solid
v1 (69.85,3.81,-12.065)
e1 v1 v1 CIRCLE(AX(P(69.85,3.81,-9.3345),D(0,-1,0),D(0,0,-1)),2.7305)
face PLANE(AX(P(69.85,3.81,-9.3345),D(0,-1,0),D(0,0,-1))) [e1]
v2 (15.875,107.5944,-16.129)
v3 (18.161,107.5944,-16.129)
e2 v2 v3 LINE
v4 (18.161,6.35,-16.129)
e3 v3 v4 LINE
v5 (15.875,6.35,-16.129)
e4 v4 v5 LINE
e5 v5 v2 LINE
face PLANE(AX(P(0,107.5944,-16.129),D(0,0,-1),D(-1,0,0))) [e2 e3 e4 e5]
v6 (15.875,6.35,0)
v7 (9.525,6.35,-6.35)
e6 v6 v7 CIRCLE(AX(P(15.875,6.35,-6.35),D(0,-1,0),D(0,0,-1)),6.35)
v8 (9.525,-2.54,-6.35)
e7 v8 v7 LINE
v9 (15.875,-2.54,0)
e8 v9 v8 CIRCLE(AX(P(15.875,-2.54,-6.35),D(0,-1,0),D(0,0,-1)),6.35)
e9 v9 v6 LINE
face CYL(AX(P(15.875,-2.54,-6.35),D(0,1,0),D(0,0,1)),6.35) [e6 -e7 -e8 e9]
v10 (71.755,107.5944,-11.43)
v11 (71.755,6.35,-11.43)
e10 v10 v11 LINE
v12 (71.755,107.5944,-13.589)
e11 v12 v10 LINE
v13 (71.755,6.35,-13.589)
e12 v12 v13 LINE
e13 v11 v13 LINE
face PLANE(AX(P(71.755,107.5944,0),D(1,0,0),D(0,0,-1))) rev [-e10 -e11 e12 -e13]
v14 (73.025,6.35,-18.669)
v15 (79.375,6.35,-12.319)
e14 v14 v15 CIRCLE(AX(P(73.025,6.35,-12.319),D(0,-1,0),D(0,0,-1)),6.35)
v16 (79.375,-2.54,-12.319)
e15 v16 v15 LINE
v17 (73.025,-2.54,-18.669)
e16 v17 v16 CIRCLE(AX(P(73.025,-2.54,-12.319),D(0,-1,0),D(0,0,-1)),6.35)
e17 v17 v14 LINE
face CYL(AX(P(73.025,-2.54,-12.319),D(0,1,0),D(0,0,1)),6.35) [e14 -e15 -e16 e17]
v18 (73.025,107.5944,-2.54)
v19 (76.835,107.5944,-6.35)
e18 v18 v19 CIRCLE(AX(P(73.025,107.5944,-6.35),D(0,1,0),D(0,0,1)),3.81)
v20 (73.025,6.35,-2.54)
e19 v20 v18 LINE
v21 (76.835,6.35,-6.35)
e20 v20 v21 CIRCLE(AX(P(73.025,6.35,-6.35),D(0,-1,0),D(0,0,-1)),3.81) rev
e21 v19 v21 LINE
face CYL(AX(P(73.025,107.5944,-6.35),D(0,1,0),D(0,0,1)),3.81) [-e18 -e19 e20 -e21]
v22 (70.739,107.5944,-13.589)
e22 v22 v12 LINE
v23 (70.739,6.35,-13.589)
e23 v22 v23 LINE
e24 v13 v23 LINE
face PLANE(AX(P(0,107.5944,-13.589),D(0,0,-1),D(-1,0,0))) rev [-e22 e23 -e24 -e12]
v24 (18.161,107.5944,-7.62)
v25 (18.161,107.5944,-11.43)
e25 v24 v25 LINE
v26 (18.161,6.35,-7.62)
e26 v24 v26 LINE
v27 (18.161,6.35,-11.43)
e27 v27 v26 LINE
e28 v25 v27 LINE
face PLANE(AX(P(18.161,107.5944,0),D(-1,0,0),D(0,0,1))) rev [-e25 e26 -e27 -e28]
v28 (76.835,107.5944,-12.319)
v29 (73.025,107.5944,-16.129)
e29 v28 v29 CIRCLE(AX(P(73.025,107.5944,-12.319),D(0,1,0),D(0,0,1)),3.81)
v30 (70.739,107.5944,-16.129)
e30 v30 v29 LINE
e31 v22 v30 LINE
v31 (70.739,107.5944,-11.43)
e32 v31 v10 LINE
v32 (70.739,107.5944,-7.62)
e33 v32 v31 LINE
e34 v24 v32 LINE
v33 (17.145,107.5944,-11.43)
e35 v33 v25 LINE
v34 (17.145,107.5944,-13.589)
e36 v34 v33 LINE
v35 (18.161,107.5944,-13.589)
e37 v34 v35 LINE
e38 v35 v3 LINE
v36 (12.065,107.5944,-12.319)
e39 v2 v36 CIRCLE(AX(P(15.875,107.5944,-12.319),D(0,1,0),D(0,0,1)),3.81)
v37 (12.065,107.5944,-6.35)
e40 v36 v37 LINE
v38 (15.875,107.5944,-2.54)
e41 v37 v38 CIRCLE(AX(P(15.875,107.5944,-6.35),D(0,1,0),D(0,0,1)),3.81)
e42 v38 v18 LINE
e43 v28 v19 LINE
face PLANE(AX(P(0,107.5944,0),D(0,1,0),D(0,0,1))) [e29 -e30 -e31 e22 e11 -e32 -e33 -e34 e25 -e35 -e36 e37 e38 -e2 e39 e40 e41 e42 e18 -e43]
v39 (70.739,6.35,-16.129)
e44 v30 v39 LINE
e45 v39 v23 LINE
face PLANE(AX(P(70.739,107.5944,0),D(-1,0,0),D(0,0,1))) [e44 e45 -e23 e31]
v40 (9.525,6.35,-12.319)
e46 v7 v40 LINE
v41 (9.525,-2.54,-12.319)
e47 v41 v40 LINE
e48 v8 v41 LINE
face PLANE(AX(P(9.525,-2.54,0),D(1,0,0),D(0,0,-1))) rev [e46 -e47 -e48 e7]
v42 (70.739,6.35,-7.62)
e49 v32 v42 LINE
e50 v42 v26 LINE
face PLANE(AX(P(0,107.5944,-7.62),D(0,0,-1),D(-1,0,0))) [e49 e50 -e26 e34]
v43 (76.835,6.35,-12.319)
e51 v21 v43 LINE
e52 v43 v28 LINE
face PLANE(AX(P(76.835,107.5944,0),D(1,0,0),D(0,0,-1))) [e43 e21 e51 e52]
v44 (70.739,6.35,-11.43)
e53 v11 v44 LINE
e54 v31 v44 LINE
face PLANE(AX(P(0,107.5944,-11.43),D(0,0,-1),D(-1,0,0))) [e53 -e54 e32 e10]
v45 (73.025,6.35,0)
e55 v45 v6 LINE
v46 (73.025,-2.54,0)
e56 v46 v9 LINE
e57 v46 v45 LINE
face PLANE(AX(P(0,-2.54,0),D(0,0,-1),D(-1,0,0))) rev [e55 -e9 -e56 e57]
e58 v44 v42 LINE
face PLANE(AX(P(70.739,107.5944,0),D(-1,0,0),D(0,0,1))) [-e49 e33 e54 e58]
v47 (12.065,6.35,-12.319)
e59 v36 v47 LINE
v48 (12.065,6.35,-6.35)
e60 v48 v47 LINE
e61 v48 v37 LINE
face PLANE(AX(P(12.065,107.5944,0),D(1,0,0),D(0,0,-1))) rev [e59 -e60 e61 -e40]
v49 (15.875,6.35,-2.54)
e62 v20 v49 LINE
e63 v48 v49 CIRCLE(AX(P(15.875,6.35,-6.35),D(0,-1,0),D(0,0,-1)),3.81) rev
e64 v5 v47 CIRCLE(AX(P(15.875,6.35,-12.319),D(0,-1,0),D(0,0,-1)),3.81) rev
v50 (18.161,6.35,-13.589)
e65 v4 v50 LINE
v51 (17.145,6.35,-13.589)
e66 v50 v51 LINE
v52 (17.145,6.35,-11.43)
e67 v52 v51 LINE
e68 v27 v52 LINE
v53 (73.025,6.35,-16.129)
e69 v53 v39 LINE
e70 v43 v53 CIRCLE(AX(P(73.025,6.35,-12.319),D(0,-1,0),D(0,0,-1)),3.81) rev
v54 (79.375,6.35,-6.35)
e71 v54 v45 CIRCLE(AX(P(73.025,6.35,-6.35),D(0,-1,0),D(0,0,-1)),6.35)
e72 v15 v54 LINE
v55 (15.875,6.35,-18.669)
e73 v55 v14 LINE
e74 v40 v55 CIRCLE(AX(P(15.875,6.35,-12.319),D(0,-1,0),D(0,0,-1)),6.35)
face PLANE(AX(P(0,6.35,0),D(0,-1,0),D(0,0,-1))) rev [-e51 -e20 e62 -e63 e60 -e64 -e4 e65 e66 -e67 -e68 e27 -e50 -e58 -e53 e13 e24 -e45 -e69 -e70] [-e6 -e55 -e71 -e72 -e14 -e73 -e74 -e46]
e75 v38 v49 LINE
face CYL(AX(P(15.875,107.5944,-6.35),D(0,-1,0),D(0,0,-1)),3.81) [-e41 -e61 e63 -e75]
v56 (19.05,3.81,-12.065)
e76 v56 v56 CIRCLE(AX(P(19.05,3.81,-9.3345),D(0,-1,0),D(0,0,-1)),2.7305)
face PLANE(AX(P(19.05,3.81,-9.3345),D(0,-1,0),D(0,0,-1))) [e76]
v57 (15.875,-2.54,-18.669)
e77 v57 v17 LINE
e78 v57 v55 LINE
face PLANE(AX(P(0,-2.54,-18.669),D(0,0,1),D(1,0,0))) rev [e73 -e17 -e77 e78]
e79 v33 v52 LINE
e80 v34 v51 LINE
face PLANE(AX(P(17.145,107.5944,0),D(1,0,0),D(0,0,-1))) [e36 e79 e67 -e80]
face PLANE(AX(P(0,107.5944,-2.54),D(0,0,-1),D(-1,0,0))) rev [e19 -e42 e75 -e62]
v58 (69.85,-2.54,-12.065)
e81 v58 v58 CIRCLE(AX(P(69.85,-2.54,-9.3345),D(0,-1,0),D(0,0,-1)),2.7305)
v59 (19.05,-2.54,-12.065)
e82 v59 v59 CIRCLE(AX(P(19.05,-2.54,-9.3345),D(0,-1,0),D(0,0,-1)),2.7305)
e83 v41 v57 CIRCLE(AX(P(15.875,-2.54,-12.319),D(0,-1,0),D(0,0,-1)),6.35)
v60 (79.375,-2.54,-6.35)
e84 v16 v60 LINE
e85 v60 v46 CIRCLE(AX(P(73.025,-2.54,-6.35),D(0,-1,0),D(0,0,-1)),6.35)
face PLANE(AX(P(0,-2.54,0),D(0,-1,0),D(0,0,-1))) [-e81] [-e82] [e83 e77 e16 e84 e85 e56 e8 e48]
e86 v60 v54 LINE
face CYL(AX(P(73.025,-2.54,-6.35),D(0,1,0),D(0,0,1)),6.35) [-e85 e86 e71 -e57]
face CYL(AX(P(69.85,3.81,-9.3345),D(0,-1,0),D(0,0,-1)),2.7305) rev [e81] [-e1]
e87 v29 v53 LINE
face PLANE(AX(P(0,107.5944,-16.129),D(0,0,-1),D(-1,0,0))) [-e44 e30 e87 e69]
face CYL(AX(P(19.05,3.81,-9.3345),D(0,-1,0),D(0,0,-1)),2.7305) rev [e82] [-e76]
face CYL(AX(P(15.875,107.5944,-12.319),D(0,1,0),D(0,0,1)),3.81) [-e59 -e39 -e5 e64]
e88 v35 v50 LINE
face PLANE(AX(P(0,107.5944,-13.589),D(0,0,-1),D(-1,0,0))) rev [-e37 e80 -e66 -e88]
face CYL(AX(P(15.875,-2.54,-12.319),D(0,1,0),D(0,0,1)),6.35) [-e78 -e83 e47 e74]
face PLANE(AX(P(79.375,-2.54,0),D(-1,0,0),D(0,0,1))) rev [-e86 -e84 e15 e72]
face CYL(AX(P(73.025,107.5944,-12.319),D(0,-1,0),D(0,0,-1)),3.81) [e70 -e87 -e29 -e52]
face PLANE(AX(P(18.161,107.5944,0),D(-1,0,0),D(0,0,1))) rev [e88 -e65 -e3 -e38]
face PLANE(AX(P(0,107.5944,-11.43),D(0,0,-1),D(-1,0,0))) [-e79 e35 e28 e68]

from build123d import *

# Parameters (mm, degrees)
SKETCH2_W               = 88.9
SKETCH2_H               = 152.4
BOSS_EXTRUDE1_DEPTH     = 5.9944
SKETCH4_R               = 2.7305
CUT_EXTRUDE2_DEPTH      = 1
CUT_EXTRUDE2_DEPTH_BACK = 6.9944
BOSS_EXTRUDE2_DEPTH     = 101.6
FILLET1_R               = 3.81
SKETCH7_W               = 2.54
SKETCH7_H               = 152.4
CUT_EXTRUDE3_DEPTH      = 102.6
CUT_EXTRUDE3_DEPTH_BACK = 6.9944
SKETCH11_W              = 86.36
SKETCH11_H              = 152.4
CUT_EXTRUDE4_DEPTH      = 6.35
BOSS_EXTRUDE3_DEPTH     = 8.89
SKETCH13_R              = 2.7305
CUT_EXTRUDE5_DEPTH      = 6.35


with BuildPart() as part:
    # Sketch2 → Boss-Extrude1 (new body)
    with BuildSketch(Plane(origin=(0, 0, 0), x_dir=(1, 0, 0), z_dir=(0, 1, 0))):
        with Locations((44.45, 76.2)):
            Rectangle(SKETCH2_W, SKETCH2_H)
    extrude(amount=BOSS_EXTRUDE1_DEPTH)

    # Sketch4 → Cut-Extrude2 (cut, two sides)
    with BuildSketch(Plane(origin=(0, 5.9944, 0), x_dir=(1, 0, 0), z_dir=(0, 1, 0))) as cut_extrude2_sk:
        with Locations((45.72, 109.871331367)):
            Circle(SKETCH4_R)
        with Locations((45.72, 33.671331367)):
            Circle(SKETCH4_R)
    extrude(amount=CUT_EXTRUDE2_DEPTH, mode=Mode.SUBTRACT)
    extrude(cut_extrude2_sk.sketch, amount=-CUT_EXTRUDE2_DEPTH_BACK, mode=Mode.SUBTRACT)

    # Sketch5 → Boss-Extrude2 (add)
    with BuildSketch(Plane(origin=(0, 5.9944, 0), x_dir=(1, 0, 0), z_dir=(0, 1, 0))):
        Polygon((18.161, 16.129), (12.065, 16.129), (12.065, 2.54), (76.835, 2.54), (76.835, 16.129), (70.739, 16.129), (70.739, 13.589), (71.755, 13.589), (71.755, 11.43), (70.739, 11.43), (70.739, 7.62), (18.161, 7.62), (18.161, 11.43), (17.145, 11.43), (17.145, 13.589), (18.161, 13.589), align=None)
    extrude(amount=BOSS_EXTRUDE2_DEPTH)

    # Fillet1
    fillet1_edges = [part.edges().sort_by_distance(p)[0] for p in [
        (12.065, 56.7944, -16.129),
        (12.065, 56.7944, -2.54),
        (76.835, 56.7944, -2.54),
        (76.835, 56.7944, -16.129),
    ]]
    fillet(fillet1_edges, radius=FILLET1_R)

    # Sketch7 → Cut-Extrude3 (cut, two sides)
    with BuildSketch(Plane(origin=(0, 5.9944, 0), x_dir=(1, 0, 0), z_dir=(0, 1, 0))) as cut_extrude3_sk:
        with Locations((1.27, 76.2)):
            Rectangle(SKETCH7_W, SKETCH7_H)
    extrude(amount=CUT_EXTRUDE3_DEPTH, mode=Mode.SUBTRACT)
    extrude(cut_extrude3_sk.sketch, amount=-CUT_EXTRUDE3_DEPTH_BACK, mode=Mode.SUBTRACT)

    # Sketch11 → Cut-Extrude4 (cut)
    with BuildSketch(Plane.XZ):
        with Locations((45.72, -76.2)):
            Rectangle(SKETCH11_W, SKETCH11_H)
    extrude(amount=-CUT_EXTRUDE4_DEPTH, mode=Mode.SUBTRACT)

    # Sketch12 → Boss-Extrude3 (add)
    with BuildSketch(Plane.XZ.offset(-6.35)):
        with BuildLine():
            Line((9.525, -6.35), (9.525, -12.319))
            ThreePointArc((9.525, -12.319), (11.384871939, -16.809128061), (15.875, -18.669))
            Line((15.875, -18.669), (18.161, -18.669))
            Line((18.161, -18.669), (70.739, -18.669))
            Line((70.739, -18.669), (73.025, -18.669))
            ThreePointArc((73.025, -18.669), (77.515128061, -16.809128061), (79.375, -12.319))
            Line((79.375, -12.319), (79.375, -6.35))
            ThreePointArc((79.375, -6.35), (77.515128061, -1.859871939), (73.025, 0))
            Line((73.025, 0), (15.875, 0))
            ThreePointArc((15.875, 0), (11.384871939, -1.859871939), (9.525, -6.35))
        make_face()
        with BuildLine():
            Line((18.161, -16.129), (70.739, -16.129))
            Line((70.739, -16.129), (73.025, -16.129))
            ThreePointArc((73.025, -16.129), (75.719076836, -15.013076836), (76.835, -12.319))
            Line((76.835, -12.319), (76.835, -6.35))
            ThreePointArc((76.835, -6.35), (75.719076836, -3.655923164), (73.025, -2.54))
            Line((73.025, -2.54), (15.875, -2.54))
            ThreePointArc((15.875, -2.54), (13.180923164, -3.655923164), (12.065, -6.35))
            Line((12.065, -6.35), (12.065, -12.319))
            ThreePointArc((12.065, -12.319), (13.180923164, -15.013076836), (15.875, -16.129))
            Line((15.875, -16.129), (18.161, -16.129))
        make_face(mode=Mode.SUBTRACT)
        with BuildLine():
            Line((70.739, -11.43), (71.755, -11.43))
            Line((71.755, -11.43), (71.755, -13.589))
            Line((71.755, -13.589), (70.739, -13.589))
            Line((70.739, -13.589), (70.739, -16.129))
            Line((70.739, -16.129), (73.025, -16.129))
            ThreePointArc((73.025, -16.129), (75.719076836, -15.013076836), (76.835, -12.319))
            Line((76.835, -12.319), (76.835, -6.35))
            ThreePointArc((76.835, -6.35), (75.719076836, -3.655923164), (73.025, -2.54))
            Line((73.025, -2.54), (15.875, -2.54))
            ThreePointArc((15.875, -2.54), (13.180923164, -3.655923164), (12.065, -6.35))
            Line((12.065, -6.35), (12.065, -12.319))
            ThreePointArc((12.065, -12.319), (13.180923164, -15.013076836), (15.875, -16.129))
            Line((15.875, -16.129), (18.161, -16.129))
            Line((18.161, -16.129), (18.161, -13.589))
            Line((18.161, -13.589), (17.145, -13.589))
            Line((17.145, -13.589), (17.145, -11.43))
            Line((17.145, -11.43), (18.161, -11.43))
            Line((18.161, -11.43), (18.161, -7.62))
            Line((18.161, -7.62), (70.739, -7.62))
            Line((70.739, -7.62), (70.739, -11.43))
        make_face()
        Polygon((18.161, -16.129), (70.739, -16.129), (70.739, -13.589), (71.755, -13.589), (71.755, -11.43), (70.739, -11.43), (70.739, -7.62), (18.161, -7.62), (18.161, -11.43), (17.145, -11.43), (17.145, -13.589), (18.161, -13.589), align=None)
    extrude(amount=BOSS_EXTRUDE3_DEPTH)

    # Sketch13 → Cut-Extrude5 (cut)
    with BuildSketch(Plane.XZ.offset(2.54)):
        with Locations((19.05, -9.3345)):
            Circle(SKETCH13_R)
        with Locations((69.85, -9.3345)):
            Circle(SKETCH13_R)
    extrude(amount=-CUT_EXTRUDE5_DEPTH, mode=Mode.SUBTRACT)


solid = part.part
